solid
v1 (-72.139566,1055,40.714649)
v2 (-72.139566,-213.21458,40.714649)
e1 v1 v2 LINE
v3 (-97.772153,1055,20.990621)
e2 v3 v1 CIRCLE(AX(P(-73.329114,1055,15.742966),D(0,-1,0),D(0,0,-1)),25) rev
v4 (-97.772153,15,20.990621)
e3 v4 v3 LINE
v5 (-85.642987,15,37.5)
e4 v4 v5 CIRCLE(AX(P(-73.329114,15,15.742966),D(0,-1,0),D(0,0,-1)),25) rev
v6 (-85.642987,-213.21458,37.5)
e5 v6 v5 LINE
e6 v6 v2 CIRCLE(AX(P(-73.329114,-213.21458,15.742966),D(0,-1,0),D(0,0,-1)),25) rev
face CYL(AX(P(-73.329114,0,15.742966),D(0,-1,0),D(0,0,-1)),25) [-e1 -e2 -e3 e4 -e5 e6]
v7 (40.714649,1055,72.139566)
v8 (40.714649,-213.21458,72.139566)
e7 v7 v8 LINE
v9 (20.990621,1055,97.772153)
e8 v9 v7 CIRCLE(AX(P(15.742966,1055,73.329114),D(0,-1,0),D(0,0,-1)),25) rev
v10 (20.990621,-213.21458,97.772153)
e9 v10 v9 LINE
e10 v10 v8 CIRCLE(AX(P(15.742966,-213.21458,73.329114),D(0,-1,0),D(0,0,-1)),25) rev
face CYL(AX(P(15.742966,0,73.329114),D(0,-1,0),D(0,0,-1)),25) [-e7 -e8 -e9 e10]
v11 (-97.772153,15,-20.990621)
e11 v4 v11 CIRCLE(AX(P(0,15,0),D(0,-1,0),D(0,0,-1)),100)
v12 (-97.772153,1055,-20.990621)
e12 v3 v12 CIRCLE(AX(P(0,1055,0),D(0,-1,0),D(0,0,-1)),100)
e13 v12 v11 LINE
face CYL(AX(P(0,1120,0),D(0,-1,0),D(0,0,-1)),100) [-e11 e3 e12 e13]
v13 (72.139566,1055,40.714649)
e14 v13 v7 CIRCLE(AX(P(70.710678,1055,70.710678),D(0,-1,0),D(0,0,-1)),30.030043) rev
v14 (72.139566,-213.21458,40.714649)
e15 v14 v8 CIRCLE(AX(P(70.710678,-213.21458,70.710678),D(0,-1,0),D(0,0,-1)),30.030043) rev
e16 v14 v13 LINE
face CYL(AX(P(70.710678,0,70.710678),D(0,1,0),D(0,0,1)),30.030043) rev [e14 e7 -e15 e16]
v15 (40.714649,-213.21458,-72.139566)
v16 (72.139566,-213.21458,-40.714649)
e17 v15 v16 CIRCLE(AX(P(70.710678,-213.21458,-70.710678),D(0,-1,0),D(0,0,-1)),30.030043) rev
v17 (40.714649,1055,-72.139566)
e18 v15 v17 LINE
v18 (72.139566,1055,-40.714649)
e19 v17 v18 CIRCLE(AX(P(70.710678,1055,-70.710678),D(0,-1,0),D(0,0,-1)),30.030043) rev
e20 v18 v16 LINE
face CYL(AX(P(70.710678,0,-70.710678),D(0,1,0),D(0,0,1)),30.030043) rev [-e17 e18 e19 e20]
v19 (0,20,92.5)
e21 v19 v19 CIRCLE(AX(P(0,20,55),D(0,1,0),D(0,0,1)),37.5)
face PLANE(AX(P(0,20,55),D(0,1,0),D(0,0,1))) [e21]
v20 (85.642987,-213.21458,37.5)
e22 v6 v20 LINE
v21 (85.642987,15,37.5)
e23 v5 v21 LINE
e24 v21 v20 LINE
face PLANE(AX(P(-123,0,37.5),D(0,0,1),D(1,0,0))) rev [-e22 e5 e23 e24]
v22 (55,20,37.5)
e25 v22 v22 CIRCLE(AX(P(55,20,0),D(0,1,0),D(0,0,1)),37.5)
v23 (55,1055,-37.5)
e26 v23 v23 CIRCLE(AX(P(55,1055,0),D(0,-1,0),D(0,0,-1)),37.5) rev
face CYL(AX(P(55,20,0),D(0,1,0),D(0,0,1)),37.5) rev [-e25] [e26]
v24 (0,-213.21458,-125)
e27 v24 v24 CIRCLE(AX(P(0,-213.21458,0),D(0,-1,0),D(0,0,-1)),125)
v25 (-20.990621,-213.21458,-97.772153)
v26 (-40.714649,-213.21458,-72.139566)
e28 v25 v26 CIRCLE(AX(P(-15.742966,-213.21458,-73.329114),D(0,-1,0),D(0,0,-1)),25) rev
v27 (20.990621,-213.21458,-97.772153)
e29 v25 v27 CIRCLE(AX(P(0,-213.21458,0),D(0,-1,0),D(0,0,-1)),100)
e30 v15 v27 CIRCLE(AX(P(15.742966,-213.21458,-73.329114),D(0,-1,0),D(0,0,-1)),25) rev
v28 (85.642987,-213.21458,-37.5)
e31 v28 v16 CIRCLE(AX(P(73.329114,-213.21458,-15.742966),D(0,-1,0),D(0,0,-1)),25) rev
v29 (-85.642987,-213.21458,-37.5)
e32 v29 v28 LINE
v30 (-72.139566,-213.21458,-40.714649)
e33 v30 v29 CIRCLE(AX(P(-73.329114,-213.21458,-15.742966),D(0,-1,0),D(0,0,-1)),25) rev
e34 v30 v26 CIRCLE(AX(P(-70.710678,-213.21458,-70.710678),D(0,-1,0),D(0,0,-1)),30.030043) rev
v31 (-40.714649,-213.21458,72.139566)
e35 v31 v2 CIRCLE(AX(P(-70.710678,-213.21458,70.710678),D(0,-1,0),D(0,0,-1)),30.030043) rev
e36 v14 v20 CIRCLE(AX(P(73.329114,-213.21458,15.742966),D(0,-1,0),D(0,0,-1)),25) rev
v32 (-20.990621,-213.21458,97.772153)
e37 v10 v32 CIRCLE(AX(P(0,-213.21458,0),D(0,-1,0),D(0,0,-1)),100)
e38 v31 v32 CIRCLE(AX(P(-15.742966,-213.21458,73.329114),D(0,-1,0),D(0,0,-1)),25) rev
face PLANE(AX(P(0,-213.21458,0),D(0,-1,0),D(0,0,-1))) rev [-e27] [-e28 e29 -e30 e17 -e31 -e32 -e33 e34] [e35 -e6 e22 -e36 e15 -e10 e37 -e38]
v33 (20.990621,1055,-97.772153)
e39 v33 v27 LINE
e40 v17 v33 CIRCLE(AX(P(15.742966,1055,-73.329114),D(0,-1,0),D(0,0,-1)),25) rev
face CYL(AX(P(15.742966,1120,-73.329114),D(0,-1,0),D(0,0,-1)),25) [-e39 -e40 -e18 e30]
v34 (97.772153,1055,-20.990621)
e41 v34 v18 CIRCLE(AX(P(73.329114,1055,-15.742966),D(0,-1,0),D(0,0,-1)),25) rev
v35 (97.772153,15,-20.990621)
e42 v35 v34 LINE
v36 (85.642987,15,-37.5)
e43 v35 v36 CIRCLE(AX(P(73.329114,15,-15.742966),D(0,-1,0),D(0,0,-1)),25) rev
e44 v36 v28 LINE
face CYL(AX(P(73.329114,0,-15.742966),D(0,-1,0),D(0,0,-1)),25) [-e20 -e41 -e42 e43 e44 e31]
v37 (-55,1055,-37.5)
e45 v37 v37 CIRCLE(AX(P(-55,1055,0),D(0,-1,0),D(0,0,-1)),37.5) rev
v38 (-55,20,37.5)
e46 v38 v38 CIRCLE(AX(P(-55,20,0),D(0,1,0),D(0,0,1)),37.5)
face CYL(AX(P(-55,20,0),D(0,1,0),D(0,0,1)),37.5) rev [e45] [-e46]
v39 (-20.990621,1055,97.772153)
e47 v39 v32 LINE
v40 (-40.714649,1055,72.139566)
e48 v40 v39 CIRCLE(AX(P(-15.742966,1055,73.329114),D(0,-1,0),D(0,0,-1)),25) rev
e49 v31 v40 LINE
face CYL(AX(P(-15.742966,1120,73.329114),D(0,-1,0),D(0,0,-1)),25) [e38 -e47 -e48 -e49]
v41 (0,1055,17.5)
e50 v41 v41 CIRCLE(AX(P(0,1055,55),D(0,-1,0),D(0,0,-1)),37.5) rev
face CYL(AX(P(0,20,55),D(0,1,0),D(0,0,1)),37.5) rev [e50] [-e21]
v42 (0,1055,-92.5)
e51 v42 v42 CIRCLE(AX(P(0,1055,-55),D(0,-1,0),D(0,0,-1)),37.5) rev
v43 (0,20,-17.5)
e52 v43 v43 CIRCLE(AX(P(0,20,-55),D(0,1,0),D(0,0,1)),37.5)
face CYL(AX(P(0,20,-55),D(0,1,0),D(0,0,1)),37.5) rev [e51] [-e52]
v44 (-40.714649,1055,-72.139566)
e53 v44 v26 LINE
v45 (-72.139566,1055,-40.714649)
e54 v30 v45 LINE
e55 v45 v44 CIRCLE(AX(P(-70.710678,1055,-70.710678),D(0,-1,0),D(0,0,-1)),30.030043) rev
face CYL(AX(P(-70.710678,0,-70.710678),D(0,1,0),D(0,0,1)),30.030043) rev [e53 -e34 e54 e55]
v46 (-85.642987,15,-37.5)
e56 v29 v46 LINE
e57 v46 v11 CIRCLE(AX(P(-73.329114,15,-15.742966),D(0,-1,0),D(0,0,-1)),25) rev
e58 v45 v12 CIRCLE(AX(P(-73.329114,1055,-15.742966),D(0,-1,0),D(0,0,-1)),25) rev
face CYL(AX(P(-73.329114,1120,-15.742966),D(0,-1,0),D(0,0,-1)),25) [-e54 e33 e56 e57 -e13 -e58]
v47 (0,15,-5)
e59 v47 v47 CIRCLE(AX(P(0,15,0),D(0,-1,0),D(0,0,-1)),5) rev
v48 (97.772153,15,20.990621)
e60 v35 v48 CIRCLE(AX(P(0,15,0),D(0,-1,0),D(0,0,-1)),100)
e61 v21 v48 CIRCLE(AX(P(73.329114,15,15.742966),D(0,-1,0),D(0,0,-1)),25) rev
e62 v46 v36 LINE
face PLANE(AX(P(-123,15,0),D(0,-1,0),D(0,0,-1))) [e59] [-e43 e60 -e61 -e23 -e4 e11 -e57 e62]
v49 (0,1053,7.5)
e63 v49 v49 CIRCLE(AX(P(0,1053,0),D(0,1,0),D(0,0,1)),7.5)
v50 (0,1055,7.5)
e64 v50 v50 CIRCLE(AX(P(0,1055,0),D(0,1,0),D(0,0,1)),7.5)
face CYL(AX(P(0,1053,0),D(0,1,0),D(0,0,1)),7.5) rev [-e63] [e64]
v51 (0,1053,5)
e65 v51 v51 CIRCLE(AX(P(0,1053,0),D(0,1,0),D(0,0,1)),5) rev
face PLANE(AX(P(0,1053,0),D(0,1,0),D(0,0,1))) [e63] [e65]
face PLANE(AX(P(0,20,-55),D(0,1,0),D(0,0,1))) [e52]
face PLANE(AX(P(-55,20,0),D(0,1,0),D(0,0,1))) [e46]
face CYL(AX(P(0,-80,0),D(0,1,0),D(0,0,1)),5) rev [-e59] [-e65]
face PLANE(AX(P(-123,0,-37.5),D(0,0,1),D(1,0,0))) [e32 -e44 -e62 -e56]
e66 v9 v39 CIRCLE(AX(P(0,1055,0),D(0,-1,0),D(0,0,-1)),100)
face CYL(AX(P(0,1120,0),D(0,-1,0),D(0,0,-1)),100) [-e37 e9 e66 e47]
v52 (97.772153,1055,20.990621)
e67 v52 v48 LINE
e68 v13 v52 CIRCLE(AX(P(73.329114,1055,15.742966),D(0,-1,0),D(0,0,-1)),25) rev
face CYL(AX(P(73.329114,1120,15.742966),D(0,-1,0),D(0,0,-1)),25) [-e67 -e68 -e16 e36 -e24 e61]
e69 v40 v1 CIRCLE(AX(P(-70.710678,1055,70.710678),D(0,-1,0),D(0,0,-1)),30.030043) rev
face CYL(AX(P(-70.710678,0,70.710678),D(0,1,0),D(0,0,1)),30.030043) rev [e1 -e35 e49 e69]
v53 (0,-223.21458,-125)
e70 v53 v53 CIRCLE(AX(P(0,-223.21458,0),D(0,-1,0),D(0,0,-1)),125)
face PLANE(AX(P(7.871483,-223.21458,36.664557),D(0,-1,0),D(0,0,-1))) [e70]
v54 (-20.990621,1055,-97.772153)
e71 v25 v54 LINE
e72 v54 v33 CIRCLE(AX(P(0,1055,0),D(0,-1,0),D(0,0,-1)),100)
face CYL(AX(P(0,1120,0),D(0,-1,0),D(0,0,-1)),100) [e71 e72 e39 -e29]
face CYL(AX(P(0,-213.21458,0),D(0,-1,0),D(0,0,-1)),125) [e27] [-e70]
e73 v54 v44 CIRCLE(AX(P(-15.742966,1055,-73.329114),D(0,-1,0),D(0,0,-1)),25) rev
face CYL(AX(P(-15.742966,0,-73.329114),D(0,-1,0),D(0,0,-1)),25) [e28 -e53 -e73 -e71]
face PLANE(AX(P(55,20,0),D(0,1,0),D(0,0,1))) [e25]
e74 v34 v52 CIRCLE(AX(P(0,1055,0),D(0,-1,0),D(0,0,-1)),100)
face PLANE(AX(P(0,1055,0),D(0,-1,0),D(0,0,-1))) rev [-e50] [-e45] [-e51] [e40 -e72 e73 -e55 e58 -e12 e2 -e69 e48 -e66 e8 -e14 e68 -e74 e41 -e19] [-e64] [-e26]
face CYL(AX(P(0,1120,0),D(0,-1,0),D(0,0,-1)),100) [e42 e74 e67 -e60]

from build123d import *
from build123d.topology import SkipClean

# Parameters (mm, degrees)
SKETCH1_R           = 100
BOSS_EXTRUDE2_DEPTH = 1120
SKETCH4_R           = 37.5
CUT_EXTRUDE1_DEPTH  = 1100
SKETCH6_R           = 30.030042901
CUT_EXTRUDE2_DEPTH  = 1129.893263334
SKETCH7_R           = 5
CUT_EXTRUDE3_DEPTH  = 1200
FILLET1_R           = 25
SKETCH8_W           = 276.180333513
SKETCH8_H           = 316.248560879
CUT_EXTRUDE4_DEPTH  = 65
SKETCH9_R           = 7.5
CUT_EXTRUDE5_DEPTH  = 2
BOSS_EXTRUDE3_START = 223.21458
BOSS_EXTRUDE3_DEPTH = 223.21458
SKETCH11_R          = 125
BOSS_EXTRUDE4_DEPTH = 10
SKETCH12_W          = 75
SKETCH12_H          = 228.21458
CUT_EXTRUDE6_DEPTH  = 123


with BuildPart() as part:
    # Sketch1 → Boss-Extrude2 (new body)
    with BuildSketch(Plane(origin=(0, 0, 0), x_dir=(1, 0, 0), z_dir=(0, 1, 0))):
        with Locations(Location((0, 0, 0), (0, 0, 270))):
            Circle(SKETCH1_R)
    extrude(amount=BOSS_EXTRUDE2_DEPTH)

    # Sketch4 → Cut-Extrude1 (cut)
    with BuildSketch(Plane(origin=(0, 1120, 0), x_dir=(1, 0, 0), z_dir=(0, 1, 0))):
        with Locations(Location((55, 0, 0), (0, 0, 270))):
            Circle(SKETCH4_R)
        with Locations(Location((0, 55, 0), (0, 0, 270))):
            Circle(SKETCH4_R)
        with Locations(Location((-55, 0, 0), (0, 0, 270))):
            Circle(SKETCH4_R)
        with Locations(Location((0, -55, 0), (0, 0, 270))):
            Circle(SKETCH4_R)
    extrude(amount=-CUT_EXTRUDE1_DEPTH, mode=Mode.SUBTRACT)

    # Sketch6 → Cut-Extrude2 (cut, through all)
    with BuildSketch(Plane(origin=(0, 1120, 0), x_dir=(1, 0, 0), z_dir=(0, 1, 0))):
        with Locations((-70.710678119, 70.710678119)):
            Circle(SKETCH6_R)
        with Locations((70.710678119, 70.710678119)):
            Circle(SKETCH6_R)
        with Locations((70.710678119, -70.710678119)):
            Circle(SKETCH6_R)
        with Locations((-70.710678119, -70.710678119)):
            Circle(SKETCH6_R)
    extrude(amount=-CUT_EXTRUDE2_DEPTH, mode=Mode.SUBTRACT)

    # Sketch7 → Cut-Extrude3 (cut)
    with BuildSketch(Plane(origin=(0, 1120, 0), x_dir=(1, 0, 0), z_dir=(0, 1, 0))):
        with Locations(Location((0, 0, 0), (0, 0, 270))):
            Circle(SKETCH7_R)
    extrude(amount=-CUT_EXTRUDE3_DEPTH, mode=Mode.SUBTRACT)

    # Fillet1
    fillet1_edges = [part.edges().sort_by_distance(p)[0] for p in [
        (-46.528605162, 560, 88.51603754),
        (-88.51603754, 560, 46.528605162),
        (88.51603754, 560, 46.528605162),
        (46.528605162, 560, 88.51603754),
        (46.528605162, 560, -88.51603754),
        (88.51603754, 560, -46.528605162),
        (-88.51603754, 560, -46.528605162),
        (-46.528605162, 560, -88.51603754),
    ]]
    fillet(fillet1_edges, radius=FILLET1_R)

    # Sketch8 → Cut-Extrude4 (cut)
    with BuildSketch(Plane(origin=(0, 1120, 0), x_dir=(1, 0, 0), z_dir=(0, 1, 0))):
        with Locations((9.785456368, -2.918303702)):
            Rectangle(SKETCH8_W, SKETCH8_H)
    extrude(amount=-CUT_EXTRUDE4_DEPTH, mode=Mode.SUBTRACT)

    # Sketch9 → Cut-Extrude5 (cut)
    with BuildSketch(Plane(origin=(0, 1055, 0), x_dir=(1, 0, 0), z_dir=(0, 1, 0))):
        with Locations(Location((0, 0, 0), (0, 0, 270))):
            Circle(SKETCH9_R)
    extrude(amount=-CUT_EXTRUDE5_DEPTH, mode=Mode.SUBTRACT)

    # Sketch10 → Boss-Extrude3 (add)
    with SkipClean():  # the faces are left unmerged after this step: merging them gives an invalid solid
        with BuildSketch(Plane.XZ.offset(BOSS_EXTRUDE3_START)):
            with BuildLine():
                ThreePointArc((20.990620884, 97.772152656), (0, 100), (-20.990620884, 97.772152656))
                ThreePointArc((-20.990620884, 97.772152656), (-35.556079582, 88.575114519), (-40.71464911, 72.139565913))
                ThreePointArc((-40.71464911, 72.139565913), (-49.476231144, 49.476231144), (-72.139565913, 40.71464911))
                ThreePointArc((-72.139565913, 40.71464911), (-88.575114519, 35.556079582), (-97.772152656, 20.990620884))
                ThreePointArc((-97.772152656, 20.990620884), (-100, 0), (-97.772152656, -20.990620884))
                ThreePointArc((-97.772152656, -20.990620884), (-88.575114519, -35.556079582), (-72.139565913, -40.71464911))
                ThreePointArc((-72.139565913, -40.71464911), (-49.476231144, -49.476231144), (-40.71464911, -72.139565913))
                ThreePointArc((-40.71464911, -72.139565913), (-35.556079582, -88.575114519), (-20.990620884, -97.772152656))
                ThreePointArc((-20.990620884, -97.772152656), (0, -100), (20.990620884, -97.772152656))
                ThreePointArc((20.990620884, -97.772152656), (35.556079582, -88.575114519), (40.71464911, -72.139565913))
                ThreePointArc((40.71464911, -72.139565913), (49.476231144, -49.476231144), (72.139565913, -40.71464911))
                ThreePointArc((72.139565913, -40.71464911), (88.575114519, -35.556079582), (97.772152656, -20.990620884))
                ThreePointArc((97.772152656, -20.990620884), (100, 0), (97.772152656, 20.990620884))
                ThreePointArc((97.772152656, 20.990620884), (88.575114519, 35.556079582), (72.139565913, 40.71464911))
                ThreePointArc((72.139565913, 40.71464911), (49.476231144, 49.476231144), (40.71464911, 72.139565913))
                ThreePointArc((40.71464911, 72.139565913), (35.556079582, 88.575114519), (20.990620884, 97.772152656))
            make_face()
        extrude(amount=-BOSS_EXTRUDE3_DEPTH)

    # Sketch11 → Boss-Extrude4 (add)
    with SkipClean():  # the faces are left unmerged after this step: merging them gives an invalid solid
        with BuildSketch(Plane.XZ.offset(223.21458)):
            with Locations(Location((0, 0, 0), (0, 0, 270))):
                Circle(SKETCH11_R)
        extrude(amount=-BOSS_EXTRUDE4_DEPTH)

    # Sketch12 → Cut-Extrude6 (cut, symmetric)
    with SkipClean():  # the faces are left unmerged after this step: merging them gives an invalid solid
        with BuildSketch(Plane(origin=(0, 0, 0), x_dir=(0, 0, -1), z_dir=(1, 0, 0))):
            with Locations((0, -99.10729)):
                Rectangle(SKETCH12_W, SKETCH12_H)
        extrude(amount=CUT_EXTRUDE6_DEPTH, both=True, mode=Mode.SUBTRACT)


solid = part.part
